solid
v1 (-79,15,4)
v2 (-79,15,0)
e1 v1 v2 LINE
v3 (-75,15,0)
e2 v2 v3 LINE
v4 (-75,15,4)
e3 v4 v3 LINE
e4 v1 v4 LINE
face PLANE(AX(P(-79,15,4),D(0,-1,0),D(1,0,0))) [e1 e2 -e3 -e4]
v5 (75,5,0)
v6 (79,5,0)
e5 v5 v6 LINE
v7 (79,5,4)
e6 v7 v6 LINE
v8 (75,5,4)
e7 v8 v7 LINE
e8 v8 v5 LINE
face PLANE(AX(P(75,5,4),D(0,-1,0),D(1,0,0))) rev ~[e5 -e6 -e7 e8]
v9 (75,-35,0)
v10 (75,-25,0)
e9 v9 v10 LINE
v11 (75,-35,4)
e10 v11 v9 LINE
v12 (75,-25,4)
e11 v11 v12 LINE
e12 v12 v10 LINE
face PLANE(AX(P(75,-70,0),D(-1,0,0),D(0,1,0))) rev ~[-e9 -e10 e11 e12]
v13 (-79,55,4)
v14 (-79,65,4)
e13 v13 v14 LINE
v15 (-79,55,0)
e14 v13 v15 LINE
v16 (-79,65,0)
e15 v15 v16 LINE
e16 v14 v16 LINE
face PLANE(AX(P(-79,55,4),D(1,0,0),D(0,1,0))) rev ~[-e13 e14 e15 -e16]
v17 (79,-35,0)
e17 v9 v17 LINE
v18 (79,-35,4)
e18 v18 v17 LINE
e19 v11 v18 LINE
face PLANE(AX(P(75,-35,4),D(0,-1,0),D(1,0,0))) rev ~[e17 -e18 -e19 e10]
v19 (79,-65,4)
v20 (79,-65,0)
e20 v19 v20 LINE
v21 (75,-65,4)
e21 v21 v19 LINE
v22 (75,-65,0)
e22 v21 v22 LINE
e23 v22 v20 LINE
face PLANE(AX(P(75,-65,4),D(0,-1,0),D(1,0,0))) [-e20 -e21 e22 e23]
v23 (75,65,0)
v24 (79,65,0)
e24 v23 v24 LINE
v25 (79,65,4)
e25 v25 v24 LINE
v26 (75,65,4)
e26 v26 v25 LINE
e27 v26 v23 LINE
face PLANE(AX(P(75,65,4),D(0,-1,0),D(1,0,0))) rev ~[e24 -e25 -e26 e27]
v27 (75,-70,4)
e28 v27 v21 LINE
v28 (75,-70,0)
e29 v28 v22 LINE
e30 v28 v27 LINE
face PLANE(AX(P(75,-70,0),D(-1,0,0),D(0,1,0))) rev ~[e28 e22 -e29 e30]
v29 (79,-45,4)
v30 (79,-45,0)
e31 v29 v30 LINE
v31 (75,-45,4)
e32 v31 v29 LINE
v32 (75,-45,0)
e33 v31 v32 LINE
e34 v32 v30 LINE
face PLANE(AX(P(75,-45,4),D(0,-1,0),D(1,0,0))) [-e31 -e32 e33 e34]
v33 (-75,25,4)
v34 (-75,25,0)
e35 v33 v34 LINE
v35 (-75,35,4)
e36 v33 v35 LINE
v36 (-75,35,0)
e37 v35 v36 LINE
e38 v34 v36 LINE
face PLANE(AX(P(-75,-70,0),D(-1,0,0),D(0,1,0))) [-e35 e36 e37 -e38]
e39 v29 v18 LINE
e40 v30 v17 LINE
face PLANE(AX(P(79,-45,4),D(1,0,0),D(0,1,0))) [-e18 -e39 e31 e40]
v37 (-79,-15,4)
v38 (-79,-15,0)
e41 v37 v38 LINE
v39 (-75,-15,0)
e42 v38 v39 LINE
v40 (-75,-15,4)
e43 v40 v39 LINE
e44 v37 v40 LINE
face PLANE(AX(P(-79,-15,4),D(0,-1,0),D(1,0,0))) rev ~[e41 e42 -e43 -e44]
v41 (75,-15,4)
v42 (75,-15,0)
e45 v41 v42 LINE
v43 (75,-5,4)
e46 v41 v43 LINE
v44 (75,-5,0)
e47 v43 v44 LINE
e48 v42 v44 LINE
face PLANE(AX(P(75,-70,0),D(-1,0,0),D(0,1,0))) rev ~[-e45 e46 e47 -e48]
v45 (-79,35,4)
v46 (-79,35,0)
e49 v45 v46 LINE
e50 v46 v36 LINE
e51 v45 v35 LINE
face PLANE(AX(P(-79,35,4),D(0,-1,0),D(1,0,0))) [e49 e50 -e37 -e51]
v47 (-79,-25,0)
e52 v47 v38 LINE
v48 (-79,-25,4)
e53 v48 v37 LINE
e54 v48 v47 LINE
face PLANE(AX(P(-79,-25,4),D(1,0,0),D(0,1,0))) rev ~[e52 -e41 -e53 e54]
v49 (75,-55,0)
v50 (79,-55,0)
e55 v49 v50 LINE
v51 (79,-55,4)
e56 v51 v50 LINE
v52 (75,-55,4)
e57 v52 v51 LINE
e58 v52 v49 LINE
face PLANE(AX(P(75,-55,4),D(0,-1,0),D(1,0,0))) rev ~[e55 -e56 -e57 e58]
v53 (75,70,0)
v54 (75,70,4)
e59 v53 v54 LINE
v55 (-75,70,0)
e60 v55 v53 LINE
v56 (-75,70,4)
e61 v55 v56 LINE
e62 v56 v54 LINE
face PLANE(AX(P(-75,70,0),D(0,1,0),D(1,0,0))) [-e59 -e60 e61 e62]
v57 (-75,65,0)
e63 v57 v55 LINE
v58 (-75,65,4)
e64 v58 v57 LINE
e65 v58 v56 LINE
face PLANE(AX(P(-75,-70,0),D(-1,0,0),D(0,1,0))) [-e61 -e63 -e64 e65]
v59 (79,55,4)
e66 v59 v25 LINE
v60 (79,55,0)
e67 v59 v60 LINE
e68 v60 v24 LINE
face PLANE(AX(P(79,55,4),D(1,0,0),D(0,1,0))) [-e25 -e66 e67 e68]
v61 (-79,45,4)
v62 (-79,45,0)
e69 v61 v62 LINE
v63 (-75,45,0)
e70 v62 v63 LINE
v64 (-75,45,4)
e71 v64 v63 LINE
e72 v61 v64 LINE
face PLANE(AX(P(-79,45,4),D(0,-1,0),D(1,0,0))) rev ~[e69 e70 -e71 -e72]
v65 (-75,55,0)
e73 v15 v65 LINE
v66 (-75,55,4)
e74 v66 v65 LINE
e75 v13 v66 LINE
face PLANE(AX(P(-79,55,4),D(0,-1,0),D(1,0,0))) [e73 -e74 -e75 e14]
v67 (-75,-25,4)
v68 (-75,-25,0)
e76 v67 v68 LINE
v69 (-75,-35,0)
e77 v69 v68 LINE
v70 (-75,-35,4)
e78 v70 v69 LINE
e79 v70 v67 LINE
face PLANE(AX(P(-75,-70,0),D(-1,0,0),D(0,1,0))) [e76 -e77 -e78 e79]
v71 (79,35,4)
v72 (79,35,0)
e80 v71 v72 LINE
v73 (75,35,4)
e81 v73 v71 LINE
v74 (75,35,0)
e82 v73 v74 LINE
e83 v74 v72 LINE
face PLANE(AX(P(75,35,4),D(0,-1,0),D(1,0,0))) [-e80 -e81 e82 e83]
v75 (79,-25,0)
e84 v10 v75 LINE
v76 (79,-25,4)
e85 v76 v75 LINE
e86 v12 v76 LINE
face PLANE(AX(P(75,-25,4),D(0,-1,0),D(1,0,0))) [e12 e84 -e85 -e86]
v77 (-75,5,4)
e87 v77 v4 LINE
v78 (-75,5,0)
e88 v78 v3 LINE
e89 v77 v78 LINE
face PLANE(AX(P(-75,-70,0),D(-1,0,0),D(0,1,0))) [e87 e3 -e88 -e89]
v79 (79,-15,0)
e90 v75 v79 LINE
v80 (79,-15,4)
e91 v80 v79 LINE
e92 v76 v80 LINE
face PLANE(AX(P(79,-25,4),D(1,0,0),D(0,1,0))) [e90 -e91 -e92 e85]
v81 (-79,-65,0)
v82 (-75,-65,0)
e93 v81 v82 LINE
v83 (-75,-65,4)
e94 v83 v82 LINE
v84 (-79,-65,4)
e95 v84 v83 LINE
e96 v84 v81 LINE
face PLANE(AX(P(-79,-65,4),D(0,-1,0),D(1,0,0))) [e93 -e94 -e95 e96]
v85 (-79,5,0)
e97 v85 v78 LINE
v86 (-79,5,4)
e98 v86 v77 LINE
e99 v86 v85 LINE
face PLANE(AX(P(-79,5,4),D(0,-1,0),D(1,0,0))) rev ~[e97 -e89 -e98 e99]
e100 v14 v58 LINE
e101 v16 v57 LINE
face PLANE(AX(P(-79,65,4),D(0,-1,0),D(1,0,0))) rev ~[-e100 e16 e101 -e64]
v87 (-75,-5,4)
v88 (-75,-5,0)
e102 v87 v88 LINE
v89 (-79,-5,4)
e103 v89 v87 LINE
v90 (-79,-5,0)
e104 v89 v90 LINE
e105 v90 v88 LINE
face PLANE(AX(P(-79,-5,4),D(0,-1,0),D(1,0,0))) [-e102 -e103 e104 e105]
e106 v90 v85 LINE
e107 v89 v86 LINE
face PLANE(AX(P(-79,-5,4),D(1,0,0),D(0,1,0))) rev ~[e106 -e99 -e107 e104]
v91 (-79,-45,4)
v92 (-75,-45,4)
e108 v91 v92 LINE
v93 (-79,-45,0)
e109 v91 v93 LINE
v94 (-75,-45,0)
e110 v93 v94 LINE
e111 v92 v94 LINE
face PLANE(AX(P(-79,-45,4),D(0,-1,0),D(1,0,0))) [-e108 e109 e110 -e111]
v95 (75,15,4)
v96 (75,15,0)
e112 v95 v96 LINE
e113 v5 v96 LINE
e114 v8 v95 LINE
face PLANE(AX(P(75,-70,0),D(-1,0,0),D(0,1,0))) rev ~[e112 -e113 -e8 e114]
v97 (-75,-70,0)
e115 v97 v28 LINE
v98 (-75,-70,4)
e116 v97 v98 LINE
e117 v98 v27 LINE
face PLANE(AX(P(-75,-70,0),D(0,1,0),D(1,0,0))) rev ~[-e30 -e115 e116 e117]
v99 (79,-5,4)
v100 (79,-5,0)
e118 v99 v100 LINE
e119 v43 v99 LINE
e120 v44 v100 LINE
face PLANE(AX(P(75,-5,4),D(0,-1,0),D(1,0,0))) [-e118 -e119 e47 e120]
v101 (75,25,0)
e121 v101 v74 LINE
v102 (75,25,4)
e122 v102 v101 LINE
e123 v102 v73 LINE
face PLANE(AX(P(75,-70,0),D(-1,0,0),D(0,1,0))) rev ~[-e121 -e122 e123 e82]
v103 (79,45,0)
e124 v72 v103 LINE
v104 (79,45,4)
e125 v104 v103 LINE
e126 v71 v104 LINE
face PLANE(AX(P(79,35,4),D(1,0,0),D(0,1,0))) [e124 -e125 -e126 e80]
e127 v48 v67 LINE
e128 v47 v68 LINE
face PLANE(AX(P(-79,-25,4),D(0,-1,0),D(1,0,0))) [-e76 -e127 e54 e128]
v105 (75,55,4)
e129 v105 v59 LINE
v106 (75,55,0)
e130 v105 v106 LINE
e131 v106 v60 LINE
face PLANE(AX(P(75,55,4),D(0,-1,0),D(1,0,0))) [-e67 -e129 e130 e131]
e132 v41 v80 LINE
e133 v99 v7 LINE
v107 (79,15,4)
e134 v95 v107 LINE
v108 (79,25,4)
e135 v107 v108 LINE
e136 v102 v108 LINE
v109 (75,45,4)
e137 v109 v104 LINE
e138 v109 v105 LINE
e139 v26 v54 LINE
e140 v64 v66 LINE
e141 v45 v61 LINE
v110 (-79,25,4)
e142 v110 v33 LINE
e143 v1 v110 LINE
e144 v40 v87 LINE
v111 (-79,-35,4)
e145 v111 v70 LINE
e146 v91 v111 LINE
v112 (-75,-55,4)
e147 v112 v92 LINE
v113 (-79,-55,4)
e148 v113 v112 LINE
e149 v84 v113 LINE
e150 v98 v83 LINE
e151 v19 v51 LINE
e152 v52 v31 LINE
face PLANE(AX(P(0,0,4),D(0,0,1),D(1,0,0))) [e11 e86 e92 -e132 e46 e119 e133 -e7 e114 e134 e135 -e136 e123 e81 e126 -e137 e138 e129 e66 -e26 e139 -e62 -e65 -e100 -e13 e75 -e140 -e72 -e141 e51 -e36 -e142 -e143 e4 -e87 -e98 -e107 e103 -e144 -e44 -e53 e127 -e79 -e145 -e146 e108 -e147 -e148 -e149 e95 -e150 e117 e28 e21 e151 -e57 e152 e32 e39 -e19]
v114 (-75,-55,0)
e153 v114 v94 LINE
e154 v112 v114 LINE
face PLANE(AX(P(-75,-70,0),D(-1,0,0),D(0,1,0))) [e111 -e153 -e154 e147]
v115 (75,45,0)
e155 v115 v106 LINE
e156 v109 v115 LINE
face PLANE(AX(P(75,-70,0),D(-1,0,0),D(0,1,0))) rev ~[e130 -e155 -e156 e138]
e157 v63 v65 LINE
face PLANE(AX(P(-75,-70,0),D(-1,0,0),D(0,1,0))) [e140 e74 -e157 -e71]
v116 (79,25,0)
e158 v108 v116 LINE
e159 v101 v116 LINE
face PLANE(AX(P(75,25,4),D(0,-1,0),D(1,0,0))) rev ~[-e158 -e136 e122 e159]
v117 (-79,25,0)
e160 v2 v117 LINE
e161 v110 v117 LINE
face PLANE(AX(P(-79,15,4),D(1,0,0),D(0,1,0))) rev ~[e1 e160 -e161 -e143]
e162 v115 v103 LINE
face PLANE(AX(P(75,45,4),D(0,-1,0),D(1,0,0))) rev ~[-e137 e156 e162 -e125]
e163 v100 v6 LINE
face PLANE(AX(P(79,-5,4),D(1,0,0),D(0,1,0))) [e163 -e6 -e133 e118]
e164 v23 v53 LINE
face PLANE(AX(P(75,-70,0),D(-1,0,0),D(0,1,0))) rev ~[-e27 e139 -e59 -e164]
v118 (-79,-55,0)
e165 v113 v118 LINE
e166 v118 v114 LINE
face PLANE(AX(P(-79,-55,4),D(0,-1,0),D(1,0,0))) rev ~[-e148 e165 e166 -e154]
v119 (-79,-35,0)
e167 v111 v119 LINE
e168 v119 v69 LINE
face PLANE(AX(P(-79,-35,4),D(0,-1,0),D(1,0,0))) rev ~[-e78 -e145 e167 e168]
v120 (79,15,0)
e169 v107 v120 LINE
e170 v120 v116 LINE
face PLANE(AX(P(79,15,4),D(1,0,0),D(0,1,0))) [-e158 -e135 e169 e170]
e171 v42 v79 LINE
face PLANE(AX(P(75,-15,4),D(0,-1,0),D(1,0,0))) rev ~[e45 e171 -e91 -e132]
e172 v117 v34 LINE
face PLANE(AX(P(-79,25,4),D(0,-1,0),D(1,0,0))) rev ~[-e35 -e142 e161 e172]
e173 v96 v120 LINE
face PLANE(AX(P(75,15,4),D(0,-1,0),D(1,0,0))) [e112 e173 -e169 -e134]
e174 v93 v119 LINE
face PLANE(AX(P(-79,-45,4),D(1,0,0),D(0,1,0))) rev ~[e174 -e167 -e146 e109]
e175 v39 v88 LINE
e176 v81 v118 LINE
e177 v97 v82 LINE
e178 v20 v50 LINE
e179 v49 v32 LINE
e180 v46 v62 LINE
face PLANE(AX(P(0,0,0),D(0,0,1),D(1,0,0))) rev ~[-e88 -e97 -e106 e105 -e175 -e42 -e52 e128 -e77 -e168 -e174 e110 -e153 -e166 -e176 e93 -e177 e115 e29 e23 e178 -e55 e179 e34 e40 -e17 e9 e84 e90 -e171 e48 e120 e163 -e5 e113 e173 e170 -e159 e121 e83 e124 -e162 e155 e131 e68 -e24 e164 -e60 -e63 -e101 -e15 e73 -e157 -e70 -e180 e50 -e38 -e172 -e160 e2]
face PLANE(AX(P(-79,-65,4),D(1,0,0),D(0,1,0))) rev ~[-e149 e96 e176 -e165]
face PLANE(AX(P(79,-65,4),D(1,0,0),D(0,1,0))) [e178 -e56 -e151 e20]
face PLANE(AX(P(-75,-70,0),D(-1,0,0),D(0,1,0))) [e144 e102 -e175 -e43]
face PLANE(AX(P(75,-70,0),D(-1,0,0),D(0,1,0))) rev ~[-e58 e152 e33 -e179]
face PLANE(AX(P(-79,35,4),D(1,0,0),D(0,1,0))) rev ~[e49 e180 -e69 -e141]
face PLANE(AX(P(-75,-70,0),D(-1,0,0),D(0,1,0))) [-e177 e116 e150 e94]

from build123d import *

# Parameters (mm, degrees)
F0_W     = 150
F0_H     = 140
F1_DEPTH = 4
F2_W     = 4
F2_H     = 10
F3_DEPTH = 4


with BuildPart() as f1:
    # F0 (on Top) → F1 (new body)
    with BuildSketch(Plane.XY):
        Rectangle(F0_W, F0_H)
    extrude(amount=F1_DEPTH)

    # F2 (on face) → F3 (join)
    with BuildSketch(Plane.XY.offset(4)):
        with Locations((-77, -60)):
            Rectangle(F2_W, F2_H)
        with Locations((-77, -40)):
            Rectangle(F2_W, F2_H)
        with Locations((-77, -20)):
            Rectangle(F2_W, F2_H)
        with Locations((-77, 0)):
            Rectangle(F2_W, F2_H)
        with Locations((-77, 20)):
            Rectangle(F2_W, F2_H)
        with Locations((-77, 40)):
            Rectangle(F2_W, F2_H)
        with Locations((-77, 60)):
            Rectangle(F2_W, F2_H)
        with Locations((77, 0)):
            Rectangle(F2_W, F2_H)
        with Locations((77, 60)):
            Rectangle(F2_W, F2_H)
        with Locations((77, 20)):
            Rectangle(F2_W, F2_H)
        with Locations((77, -40)):
            Rectangle(F2_W, F2_H)
        with Locations((77, -60)):
            Rectangle(F2_W, F2_H)
        with Locations((77, -20)):
            Rectangle(F2_W, F2_H)
        with Locations((77, 40)):
            Rectangle(F2_W, F2_H)
    extrude(amount=-F3_DEPTH)


solid = f1.part
